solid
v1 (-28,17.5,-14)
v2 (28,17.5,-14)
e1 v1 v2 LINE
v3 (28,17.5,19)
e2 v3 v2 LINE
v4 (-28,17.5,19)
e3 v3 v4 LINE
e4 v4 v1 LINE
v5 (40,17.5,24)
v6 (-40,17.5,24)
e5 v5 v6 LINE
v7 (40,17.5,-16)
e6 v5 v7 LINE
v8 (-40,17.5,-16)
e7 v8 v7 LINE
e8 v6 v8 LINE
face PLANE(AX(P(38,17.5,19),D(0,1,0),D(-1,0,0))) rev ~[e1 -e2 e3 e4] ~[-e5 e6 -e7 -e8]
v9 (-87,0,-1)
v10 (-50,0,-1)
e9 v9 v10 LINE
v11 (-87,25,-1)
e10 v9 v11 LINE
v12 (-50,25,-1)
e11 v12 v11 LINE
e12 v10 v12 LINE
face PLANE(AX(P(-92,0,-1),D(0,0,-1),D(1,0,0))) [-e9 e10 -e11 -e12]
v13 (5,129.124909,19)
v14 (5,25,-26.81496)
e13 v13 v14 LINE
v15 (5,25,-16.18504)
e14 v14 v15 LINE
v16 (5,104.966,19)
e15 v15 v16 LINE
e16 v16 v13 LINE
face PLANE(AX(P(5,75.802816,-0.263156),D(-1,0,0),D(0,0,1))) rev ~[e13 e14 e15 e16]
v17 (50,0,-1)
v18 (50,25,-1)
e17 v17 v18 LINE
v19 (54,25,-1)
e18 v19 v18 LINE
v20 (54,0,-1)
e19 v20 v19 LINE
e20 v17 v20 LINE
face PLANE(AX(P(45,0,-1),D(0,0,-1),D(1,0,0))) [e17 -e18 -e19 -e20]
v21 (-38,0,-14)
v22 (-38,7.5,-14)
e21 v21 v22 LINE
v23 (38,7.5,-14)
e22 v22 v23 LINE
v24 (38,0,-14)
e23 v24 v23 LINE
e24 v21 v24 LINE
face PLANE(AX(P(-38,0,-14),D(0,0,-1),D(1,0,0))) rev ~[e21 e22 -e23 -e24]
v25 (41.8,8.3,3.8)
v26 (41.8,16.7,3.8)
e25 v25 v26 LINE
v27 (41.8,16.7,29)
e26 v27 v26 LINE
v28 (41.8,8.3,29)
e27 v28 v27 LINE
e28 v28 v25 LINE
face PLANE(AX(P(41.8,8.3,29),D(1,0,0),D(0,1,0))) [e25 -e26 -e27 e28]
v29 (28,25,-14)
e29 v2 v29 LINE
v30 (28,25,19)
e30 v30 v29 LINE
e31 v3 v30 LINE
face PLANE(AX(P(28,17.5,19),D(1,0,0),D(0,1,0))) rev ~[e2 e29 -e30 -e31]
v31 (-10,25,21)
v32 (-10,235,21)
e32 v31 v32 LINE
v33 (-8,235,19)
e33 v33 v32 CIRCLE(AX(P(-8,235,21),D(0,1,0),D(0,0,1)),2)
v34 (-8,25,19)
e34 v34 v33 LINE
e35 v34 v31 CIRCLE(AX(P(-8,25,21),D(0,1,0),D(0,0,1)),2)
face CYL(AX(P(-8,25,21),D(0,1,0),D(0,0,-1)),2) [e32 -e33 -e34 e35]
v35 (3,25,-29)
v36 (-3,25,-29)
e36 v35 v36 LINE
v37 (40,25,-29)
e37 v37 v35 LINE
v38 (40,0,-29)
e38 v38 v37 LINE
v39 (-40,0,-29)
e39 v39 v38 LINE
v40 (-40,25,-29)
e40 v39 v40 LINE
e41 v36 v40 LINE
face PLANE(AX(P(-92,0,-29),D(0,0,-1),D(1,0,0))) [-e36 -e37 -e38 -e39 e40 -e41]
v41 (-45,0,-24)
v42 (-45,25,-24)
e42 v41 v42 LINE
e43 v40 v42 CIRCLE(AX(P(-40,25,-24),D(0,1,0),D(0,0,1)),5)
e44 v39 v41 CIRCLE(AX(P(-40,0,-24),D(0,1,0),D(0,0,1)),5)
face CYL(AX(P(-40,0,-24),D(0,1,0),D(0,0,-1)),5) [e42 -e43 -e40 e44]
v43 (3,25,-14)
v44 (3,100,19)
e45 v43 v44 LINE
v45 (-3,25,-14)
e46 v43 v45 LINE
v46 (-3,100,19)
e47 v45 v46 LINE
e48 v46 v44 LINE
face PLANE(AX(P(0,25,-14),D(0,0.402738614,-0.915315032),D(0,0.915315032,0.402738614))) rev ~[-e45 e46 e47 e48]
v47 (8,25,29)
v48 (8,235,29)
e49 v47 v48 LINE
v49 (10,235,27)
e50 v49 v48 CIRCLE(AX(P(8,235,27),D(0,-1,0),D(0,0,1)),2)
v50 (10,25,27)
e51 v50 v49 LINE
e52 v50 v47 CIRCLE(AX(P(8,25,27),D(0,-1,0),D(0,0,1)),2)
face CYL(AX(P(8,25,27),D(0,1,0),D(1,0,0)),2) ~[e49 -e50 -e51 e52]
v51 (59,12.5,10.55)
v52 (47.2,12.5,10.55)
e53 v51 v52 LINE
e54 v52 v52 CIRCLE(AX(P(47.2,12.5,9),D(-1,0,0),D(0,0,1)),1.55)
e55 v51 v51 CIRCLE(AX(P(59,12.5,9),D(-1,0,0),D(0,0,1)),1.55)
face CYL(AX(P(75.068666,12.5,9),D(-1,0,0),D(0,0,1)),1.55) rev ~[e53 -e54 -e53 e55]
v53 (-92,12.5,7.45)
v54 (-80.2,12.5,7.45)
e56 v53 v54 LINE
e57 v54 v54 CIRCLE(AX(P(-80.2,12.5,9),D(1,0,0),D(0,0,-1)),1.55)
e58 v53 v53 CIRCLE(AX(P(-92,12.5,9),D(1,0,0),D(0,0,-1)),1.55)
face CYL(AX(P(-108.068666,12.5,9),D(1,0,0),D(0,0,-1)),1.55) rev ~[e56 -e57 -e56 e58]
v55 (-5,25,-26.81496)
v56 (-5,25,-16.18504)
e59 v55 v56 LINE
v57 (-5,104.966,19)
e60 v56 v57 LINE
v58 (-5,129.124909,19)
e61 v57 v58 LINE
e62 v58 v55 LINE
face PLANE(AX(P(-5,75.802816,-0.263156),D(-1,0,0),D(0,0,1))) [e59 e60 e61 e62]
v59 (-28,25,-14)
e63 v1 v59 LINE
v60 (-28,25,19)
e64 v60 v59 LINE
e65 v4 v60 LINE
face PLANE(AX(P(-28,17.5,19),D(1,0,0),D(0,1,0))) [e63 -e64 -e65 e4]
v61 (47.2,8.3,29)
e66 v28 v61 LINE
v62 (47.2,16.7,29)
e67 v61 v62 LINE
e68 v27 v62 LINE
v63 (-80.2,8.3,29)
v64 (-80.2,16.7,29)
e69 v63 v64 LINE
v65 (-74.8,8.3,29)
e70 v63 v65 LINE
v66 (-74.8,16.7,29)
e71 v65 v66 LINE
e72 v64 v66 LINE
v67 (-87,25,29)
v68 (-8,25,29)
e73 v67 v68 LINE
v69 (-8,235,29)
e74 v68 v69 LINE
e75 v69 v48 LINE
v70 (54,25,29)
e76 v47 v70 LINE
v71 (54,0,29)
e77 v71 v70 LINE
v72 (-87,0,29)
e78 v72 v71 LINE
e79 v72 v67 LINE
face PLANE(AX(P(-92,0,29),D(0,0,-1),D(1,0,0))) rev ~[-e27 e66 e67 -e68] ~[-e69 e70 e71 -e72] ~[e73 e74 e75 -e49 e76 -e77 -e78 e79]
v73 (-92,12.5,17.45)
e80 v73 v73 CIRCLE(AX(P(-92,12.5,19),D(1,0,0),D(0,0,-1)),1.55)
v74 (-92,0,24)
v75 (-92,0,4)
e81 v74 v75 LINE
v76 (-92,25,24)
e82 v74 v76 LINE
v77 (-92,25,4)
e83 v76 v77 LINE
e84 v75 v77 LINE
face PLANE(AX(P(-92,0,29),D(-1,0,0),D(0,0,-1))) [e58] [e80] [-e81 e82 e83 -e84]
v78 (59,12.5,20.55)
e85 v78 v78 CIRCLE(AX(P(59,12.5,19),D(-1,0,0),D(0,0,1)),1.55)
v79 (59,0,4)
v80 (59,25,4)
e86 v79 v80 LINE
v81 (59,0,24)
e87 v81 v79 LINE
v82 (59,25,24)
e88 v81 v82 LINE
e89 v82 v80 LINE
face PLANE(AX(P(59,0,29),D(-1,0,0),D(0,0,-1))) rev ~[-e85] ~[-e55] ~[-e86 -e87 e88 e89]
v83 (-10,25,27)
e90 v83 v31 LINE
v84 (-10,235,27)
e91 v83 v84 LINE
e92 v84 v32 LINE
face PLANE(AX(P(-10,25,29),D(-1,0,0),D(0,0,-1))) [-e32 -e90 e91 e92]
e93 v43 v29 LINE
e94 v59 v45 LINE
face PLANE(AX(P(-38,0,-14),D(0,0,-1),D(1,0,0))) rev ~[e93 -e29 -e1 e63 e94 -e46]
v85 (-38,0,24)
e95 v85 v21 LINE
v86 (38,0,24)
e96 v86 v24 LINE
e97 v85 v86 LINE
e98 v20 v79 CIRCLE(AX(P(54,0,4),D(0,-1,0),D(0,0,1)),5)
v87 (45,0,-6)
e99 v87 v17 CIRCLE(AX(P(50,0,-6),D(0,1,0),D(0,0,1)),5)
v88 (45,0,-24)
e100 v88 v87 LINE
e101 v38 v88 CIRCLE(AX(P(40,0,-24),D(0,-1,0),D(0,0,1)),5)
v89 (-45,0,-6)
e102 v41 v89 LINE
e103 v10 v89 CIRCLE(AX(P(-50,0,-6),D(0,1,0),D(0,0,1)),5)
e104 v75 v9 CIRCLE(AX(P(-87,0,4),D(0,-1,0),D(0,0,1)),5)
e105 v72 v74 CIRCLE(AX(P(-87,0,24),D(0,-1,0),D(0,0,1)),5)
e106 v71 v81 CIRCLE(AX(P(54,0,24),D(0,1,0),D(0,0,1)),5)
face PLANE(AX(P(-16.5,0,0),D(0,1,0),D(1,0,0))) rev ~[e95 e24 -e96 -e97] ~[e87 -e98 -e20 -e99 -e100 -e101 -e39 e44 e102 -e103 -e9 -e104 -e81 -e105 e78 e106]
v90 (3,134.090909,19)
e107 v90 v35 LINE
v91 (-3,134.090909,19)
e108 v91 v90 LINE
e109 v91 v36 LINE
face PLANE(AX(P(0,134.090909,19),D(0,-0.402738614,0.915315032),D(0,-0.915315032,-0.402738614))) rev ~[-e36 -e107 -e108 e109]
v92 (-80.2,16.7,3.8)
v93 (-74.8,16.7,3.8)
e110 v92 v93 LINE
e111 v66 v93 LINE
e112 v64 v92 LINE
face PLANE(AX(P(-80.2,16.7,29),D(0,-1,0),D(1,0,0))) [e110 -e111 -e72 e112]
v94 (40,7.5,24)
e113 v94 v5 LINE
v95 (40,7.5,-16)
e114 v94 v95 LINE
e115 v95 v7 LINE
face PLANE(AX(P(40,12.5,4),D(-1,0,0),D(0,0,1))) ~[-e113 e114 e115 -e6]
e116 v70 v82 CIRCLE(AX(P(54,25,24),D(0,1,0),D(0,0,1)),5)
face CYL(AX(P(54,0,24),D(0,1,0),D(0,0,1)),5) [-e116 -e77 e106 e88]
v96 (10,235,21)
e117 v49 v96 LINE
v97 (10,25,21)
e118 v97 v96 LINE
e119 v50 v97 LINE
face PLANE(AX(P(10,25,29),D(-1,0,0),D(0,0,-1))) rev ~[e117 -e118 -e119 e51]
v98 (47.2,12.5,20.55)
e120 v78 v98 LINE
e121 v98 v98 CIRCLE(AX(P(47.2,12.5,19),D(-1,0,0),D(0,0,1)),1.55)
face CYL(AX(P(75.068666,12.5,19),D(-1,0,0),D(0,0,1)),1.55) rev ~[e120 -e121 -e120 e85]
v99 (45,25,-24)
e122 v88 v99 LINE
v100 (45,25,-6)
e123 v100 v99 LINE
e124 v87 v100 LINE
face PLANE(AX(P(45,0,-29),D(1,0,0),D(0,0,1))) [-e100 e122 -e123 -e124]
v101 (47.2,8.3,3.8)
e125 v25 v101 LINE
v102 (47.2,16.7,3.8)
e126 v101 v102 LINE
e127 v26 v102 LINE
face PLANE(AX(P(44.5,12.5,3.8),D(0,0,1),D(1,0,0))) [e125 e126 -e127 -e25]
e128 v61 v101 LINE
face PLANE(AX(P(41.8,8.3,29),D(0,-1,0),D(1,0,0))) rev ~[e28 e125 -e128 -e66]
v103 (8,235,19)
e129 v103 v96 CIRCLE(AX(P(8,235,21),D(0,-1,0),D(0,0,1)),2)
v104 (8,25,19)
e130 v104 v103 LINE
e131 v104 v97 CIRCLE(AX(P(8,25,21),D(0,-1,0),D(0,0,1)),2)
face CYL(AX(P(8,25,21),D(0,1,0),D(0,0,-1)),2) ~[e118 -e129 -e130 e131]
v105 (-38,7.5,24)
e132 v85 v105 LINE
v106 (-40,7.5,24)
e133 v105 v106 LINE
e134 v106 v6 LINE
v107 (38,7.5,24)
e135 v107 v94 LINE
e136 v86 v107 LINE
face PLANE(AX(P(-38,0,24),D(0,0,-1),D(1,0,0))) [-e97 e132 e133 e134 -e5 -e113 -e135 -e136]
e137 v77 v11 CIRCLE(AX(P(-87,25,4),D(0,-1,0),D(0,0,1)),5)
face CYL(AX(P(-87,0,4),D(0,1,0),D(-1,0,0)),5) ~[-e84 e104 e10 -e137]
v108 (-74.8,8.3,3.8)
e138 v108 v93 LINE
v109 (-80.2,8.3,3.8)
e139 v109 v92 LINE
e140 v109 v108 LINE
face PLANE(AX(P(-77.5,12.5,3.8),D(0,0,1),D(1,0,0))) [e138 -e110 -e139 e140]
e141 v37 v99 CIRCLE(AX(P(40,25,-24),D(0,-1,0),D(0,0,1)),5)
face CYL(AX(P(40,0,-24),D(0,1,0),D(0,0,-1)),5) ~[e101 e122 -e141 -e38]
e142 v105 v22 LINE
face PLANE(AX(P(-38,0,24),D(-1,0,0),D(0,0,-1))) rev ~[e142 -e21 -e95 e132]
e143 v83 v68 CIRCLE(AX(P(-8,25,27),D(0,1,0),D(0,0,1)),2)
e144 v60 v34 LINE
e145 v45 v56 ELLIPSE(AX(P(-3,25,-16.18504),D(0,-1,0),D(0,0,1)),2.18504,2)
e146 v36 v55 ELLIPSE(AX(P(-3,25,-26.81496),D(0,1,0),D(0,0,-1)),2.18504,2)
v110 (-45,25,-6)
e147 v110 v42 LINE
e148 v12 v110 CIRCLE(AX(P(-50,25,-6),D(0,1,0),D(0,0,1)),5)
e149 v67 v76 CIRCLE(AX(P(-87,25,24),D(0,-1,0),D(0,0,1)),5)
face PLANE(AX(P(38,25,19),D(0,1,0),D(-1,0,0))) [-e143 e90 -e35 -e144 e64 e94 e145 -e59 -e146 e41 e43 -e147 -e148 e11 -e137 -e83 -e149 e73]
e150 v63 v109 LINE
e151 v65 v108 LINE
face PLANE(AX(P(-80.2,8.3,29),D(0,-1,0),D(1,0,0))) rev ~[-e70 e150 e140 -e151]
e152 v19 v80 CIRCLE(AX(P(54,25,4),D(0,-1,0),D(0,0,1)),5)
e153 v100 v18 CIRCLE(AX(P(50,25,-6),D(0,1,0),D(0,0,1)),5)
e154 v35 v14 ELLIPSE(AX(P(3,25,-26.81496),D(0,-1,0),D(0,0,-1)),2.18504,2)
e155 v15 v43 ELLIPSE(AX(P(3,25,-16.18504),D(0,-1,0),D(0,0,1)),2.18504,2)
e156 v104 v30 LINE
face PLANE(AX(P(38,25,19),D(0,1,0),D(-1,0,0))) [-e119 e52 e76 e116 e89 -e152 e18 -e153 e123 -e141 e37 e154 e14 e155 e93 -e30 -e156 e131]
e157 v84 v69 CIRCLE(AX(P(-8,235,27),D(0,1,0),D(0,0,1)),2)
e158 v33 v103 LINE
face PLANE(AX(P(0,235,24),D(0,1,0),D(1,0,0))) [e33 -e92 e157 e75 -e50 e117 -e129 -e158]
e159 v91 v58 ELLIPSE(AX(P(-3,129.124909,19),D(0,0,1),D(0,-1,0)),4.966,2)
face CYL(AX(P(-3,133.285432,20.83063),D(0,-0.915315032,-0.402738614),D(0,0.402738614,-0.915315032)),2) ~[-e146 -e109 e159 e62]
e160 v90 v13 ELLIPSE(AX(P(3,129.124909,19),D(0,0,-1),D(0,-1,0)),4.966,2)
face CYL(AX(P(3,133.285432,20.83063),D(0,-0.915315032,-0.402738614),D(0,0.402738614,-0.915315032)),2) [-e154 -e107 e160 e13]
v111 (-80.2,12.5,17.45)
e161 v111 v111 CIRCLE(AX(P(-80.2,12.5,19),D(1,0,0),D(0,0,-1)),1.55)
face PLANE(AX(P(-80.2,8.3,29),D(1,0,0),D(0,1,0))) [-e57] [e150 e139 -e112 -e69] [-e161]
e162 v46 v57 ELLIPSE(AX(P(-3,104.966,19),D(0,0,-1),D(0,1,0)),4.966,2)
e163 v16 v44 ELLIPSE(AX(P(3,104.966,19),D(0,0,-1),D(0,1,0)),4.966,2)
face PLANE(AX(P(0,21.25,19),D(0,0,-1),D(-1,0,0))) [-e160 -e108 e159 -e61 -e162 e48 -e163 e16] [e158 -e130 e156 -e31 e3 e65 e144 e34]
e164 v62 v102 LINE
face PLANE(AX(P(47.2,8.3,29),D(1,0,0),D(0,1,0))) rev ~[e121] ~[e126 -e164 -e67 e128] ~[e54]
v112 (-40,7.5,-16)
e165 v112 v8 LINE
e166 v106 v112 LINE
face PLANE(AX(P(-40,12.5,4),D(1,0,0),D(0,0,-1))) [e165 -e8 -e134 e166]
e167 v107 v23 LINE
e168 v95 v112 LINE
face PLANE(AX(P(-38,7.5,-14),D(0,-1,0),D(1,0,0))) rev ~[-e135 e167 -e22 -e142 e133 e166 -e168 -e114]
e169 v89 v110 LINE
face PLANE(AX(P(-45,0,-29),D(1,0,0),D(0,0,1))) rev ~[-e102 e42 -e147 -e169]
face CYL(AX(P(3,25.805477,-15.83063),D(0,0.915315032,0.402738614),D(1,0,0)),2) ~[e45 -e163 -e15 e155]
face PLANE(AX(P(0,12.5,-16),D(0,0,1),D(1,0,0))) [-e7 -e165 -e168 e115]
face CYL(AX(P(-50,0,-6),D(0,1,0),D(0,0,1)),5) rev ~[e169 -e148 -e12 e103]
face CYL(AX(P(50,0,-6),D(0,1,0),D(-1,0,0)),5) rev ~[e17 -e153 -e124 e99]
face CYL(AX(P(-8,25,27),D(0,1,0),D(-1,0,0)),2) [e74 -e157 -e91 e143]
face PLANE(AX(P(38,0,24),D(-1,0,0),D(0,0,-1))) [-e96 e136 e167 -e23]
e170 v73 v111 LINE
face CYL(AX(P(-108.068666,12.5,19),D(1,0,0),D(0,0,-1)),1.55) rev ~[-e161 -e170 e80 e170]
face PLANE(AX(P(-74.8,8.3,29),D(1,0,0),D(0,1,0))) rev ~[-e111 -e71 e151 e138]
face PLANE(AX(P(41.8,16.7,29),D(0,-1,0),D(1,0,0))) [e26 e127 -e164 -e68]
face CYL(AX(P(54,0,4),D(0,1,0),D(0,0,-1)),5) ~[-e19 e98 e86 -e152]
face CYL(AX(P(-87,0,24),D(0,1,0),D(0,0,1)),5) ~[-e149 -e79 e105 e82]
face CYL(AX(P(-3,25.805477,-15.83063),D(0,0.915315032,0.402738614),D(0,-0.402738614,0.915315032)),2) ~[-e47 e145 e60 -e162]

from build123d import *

# Parameters (mm, degrees)
SKETCH1_W                  = 151
SKETCH1_H                  = 58
SKETCH1_W_2                = 76
SKETCH1_H_2                = 38
BOSS_EXTRUDE1_DEPTH        = 25
SKETCH2_W                  = 76
SKETCH2_H                  = 10
CUT_EXTRUDE1_DEPTH         = 2
SKETCH3_W                  = 40
SKETCH3_H                  = 10
CUT_EXTRUDE2_DEPTH         = 2
SKETCH4_W                  = 76
SKETCH4_H                  = 7.5
BOSS_EXTRUDE2_DEPTH        = 5
SKETCH6_W                  = 20
SKETCH6_H                  = 10
BOSS_EXTRUDE3_DEPTH        = 210
SKETCH7_W                  = 10
SKETCH7_H                  = 7.5
BOSS_EXTRUDE4_DEPTH        = 33
BOSS_EXTRUDE5_DEPTH        = 5
FILLET2_R                  = 2
M2_5_CLEARANCE_HOLE1_D     = 3.1
M2_5_CLEARANCE_HOLE1_DEPTH = 16.068666041
M2_5_CLEARANCE_HOLE1_TIP   = 0.931333959
M2_5_CLEARANCE_HOLE2_D     = 3.1
M2_5_CLEARANCE_HOLE2_DEPTH = 16.068666041
M2_5_CLEARANCE_HOLE2_TIP   = 0.931333959
SKETCH19_W                 = 5
SKETCH19_H                 = 8
SKETCH19_W_2               = 5.4
SKETCH19_H_2               = 8.4
CUT_EXTRUDE4_DEPTH         = 25.2
SKETCH25_W                 = 47
SKETCH25_H                 = 28
SKETCH25_W_2               = 14
CUT_EXTRUDE5_DEPTH         = 255.02755756
FILLET3_R                  = 5


with BuildPart() as part:
    # Sketch1 → Boss-Extrude1 (new body)
    with BuildSketch(Plane(origin=(0, 0, 0), x_dir=(1, 0, 0), z_dir=(0, 1, 0))):
        with Locations((-16.5, 0)):
            Rectangle(SKETCH1_W, SKETCH1_H)
        with Locations((0, -5)):
            Rectangle(SKETCH1_W_2, SKETCH1_H_2, mode=Mode.SUBTRACT)
    extrude(amount=BOSS_EXTRUDE1_DEPTH)

    # Sketch2 → Cut-Extrude1 (cut)
    with BuildSketch(Plane.XY.offset(-14)):
        with Locations((0, 12.5)):
            Rectangle(SKETCH2_W, SKETCH2_H)
    extrude(amount=-CUT_EXTRUDE1_DEPTH, mode=Mode.SUBTRACT)

    # Sketch3 → Cut-Extrude2 (cut)
    with BuildSketch(Plane(origin=(-38, 0, 0), x_dir=(0, 0, -1), z_dir=(1, 0, 0))):
        with Locations((-4, 12.5)):
            Rectangle(SKETCH3_W, SKETCH3_H)
    cut_extrude2 = extrude(amount=-CUT_EXTRUDE2_DEPTH, mode=Mode.SUBTRACT)

    # Mirror1: Cut-Extrude2 across plane
    add(cut_extrude2.mirror(Plane(origin=(0, 0, 0), x_dir=(0, 0, 1), z_dir=(1, 0, 0))), mode=Mode.SUBTRACT)

    # Sketch4 → Boss-Extrude2 (add)
    with BuildSketch(Plane(origin=(0, 0, 24), x_dir=(-1, 0, 0), z_dir=(0, 0, -1))):
        with Locations((0, 21.25)):
            Rectangle(SKETCH4_W, SKETCH4_H)
    extrude(amount=BOSS_EXTRUDE2_DEPTH)

    # Sketch6 → Boss-Extrude3 (add)
    with BuildSketch(Plane(origin=(0, 25, 0), x_dir=(1, 0, 0), z_dir=(0, 1, 0))):
        with Locations((0, -24)):
            Rectangle(SKETCH6_W, SKETCH6_H)
    extrude(amount=BOSS_EXTRUDE3_DEPTH)

    # Sketch7 → Boss-Extrude4 (add)
    with BuildSketch(Plane(origin=(0, 0, 19), x_dir=(-1, 0, 0), z_dir=(0, 0, -1))):
        with Locations((-33, 21.25)):
            Rectangle(SKETCH7_W, SKETCH7_H)
        with Locations((33, 21.25)):
            Rectangle(SKETCH7_W, SKETCH7_H)
    extrude(amount=BOSS_EXTRUDE4_DEPTH)

    # Sketch8 → Boss-Extrude5 (add, symmetric)
    with BuildSketch(Plane(origin=(0, 0, 0), x_dir=(0, 0, -1), z_dir=(1, 0, 0))):
        Polygon((-19, 134.090909091), (29, 25), (14, 25), (-19, 100), align=None)
    extrude(amount=BOSS_EXTRUDE5_DEPTH, both=True)

    # Fillet2
    fillet2_edges = [part.edges().sort_by_distance(p)[0] for p in [
        (-5, 62.5, 2.5),
        (-5, 79.545454545, -5),
        (5, 62.5, 2.5),
        (5, 79.545454545, -5),
        (10, 130, 29),
        (10, 130, 19),
        (-10, 130, 19),
        (-10, 130, 29),
    ]]
    fillet(fillet2_edges, radius=FILLET2_R)

    # M2.5 Clearance Hole1
    with Locations(Plane(origin=(59, 0, 0), x_dir=(0, 0, -1), z_dir=(1, 0, 0))):
        with Locations((-19, 12.5), (-9, 12.5)):
            Hole(M2_5_CLEARANCE_HOLE1_D / 2, depth=M2_5_CLEARANCE_HOLE1_DEPTH)
            with Locations((0, 0, -(M2_5_CLEARANCE_HOLE1_DEPTH + M2_5_CLEARANCE_HOLE1_TIP / 2))):  # 118° drill point
                Cone(0, M2_5_CLEARANCE_HOLE1_D / 2, M2_5_CLEARANCE_HOLE1_TIP, mode=Mode.SUBTRACT)

    # M2.5 Clearance Hole2
    with Locations(Plane.ZY.offset(92)):
        with Locations((9, 12.5), (19, 12.5)):
            Hole(M2_5_CLEARANCE_HOLE2_D / 2, depth=M2_5_CLEARANCE_HOLE2_DEPTH)
            with Locations((0, 0, -(M2_5_CLEARANCE_HOLE2_DEPTH + M2_5_CLEARANCE_HOLE2_TIP / 2))):  # 118° drill point
                Cone(0, M2_5_CLEARANCE_HOLE2_D / 2, M2_5_CLEARANCE_HOLE2_TIP, mode=Mode.SUBTRACT)

    # Sketch19 → Cut-Extrude4 (cut)
    with BuildSketch(Plane.XY.offset(29)):
        with Locations((44.5, 12.5)):
            Rectangle(SKETCH19_W, SKETCH19_H)
        with Locations((44.5, 12.5)):
            Rectangle(SKETCH19_W_2, SKETCH19_H_2)
        with Locations((-77.5, 12.5)):
            Rectangle(SKETCH19_W_2, SKETCH19_H_2)
    extrude(amount=-CUT_EXTRUDE4_DEPTH, mode=Mode.SUBTRACT)

    # Sketch25 → Cut-Extrude5 (cut, through all)
    with BuildSketch(Plane.XZ):
        with Locations((-68.5, -15)):
            Rectangle(SKETCH25_W, SKETCH25_H)
        with Locations((52, -15)):
            Rectangle(SKETCH25_W_2, SKETCH25_H)
    extrude(amount=-CUT_EXTRUDE5_DEPTH, mode=Mode.SUBTRACT)

    # Fillet3
    fillet3_edges = [part.edges().sort_by_distance(p)[0] for p in [
        (-92, 12.5, -1),
        (45, 12.5, -29),
        (-45, 12.5, -1),
        (-45, 12.5, -29),
        (45, 12.5, -1),
        (59, 12.5, -1),
        (59, 12.5, 29),
        (-92, 12.5, 29),
    ]]
    fillet(fillet3_edges, radius=FILLET3_R)


solid = part.part
